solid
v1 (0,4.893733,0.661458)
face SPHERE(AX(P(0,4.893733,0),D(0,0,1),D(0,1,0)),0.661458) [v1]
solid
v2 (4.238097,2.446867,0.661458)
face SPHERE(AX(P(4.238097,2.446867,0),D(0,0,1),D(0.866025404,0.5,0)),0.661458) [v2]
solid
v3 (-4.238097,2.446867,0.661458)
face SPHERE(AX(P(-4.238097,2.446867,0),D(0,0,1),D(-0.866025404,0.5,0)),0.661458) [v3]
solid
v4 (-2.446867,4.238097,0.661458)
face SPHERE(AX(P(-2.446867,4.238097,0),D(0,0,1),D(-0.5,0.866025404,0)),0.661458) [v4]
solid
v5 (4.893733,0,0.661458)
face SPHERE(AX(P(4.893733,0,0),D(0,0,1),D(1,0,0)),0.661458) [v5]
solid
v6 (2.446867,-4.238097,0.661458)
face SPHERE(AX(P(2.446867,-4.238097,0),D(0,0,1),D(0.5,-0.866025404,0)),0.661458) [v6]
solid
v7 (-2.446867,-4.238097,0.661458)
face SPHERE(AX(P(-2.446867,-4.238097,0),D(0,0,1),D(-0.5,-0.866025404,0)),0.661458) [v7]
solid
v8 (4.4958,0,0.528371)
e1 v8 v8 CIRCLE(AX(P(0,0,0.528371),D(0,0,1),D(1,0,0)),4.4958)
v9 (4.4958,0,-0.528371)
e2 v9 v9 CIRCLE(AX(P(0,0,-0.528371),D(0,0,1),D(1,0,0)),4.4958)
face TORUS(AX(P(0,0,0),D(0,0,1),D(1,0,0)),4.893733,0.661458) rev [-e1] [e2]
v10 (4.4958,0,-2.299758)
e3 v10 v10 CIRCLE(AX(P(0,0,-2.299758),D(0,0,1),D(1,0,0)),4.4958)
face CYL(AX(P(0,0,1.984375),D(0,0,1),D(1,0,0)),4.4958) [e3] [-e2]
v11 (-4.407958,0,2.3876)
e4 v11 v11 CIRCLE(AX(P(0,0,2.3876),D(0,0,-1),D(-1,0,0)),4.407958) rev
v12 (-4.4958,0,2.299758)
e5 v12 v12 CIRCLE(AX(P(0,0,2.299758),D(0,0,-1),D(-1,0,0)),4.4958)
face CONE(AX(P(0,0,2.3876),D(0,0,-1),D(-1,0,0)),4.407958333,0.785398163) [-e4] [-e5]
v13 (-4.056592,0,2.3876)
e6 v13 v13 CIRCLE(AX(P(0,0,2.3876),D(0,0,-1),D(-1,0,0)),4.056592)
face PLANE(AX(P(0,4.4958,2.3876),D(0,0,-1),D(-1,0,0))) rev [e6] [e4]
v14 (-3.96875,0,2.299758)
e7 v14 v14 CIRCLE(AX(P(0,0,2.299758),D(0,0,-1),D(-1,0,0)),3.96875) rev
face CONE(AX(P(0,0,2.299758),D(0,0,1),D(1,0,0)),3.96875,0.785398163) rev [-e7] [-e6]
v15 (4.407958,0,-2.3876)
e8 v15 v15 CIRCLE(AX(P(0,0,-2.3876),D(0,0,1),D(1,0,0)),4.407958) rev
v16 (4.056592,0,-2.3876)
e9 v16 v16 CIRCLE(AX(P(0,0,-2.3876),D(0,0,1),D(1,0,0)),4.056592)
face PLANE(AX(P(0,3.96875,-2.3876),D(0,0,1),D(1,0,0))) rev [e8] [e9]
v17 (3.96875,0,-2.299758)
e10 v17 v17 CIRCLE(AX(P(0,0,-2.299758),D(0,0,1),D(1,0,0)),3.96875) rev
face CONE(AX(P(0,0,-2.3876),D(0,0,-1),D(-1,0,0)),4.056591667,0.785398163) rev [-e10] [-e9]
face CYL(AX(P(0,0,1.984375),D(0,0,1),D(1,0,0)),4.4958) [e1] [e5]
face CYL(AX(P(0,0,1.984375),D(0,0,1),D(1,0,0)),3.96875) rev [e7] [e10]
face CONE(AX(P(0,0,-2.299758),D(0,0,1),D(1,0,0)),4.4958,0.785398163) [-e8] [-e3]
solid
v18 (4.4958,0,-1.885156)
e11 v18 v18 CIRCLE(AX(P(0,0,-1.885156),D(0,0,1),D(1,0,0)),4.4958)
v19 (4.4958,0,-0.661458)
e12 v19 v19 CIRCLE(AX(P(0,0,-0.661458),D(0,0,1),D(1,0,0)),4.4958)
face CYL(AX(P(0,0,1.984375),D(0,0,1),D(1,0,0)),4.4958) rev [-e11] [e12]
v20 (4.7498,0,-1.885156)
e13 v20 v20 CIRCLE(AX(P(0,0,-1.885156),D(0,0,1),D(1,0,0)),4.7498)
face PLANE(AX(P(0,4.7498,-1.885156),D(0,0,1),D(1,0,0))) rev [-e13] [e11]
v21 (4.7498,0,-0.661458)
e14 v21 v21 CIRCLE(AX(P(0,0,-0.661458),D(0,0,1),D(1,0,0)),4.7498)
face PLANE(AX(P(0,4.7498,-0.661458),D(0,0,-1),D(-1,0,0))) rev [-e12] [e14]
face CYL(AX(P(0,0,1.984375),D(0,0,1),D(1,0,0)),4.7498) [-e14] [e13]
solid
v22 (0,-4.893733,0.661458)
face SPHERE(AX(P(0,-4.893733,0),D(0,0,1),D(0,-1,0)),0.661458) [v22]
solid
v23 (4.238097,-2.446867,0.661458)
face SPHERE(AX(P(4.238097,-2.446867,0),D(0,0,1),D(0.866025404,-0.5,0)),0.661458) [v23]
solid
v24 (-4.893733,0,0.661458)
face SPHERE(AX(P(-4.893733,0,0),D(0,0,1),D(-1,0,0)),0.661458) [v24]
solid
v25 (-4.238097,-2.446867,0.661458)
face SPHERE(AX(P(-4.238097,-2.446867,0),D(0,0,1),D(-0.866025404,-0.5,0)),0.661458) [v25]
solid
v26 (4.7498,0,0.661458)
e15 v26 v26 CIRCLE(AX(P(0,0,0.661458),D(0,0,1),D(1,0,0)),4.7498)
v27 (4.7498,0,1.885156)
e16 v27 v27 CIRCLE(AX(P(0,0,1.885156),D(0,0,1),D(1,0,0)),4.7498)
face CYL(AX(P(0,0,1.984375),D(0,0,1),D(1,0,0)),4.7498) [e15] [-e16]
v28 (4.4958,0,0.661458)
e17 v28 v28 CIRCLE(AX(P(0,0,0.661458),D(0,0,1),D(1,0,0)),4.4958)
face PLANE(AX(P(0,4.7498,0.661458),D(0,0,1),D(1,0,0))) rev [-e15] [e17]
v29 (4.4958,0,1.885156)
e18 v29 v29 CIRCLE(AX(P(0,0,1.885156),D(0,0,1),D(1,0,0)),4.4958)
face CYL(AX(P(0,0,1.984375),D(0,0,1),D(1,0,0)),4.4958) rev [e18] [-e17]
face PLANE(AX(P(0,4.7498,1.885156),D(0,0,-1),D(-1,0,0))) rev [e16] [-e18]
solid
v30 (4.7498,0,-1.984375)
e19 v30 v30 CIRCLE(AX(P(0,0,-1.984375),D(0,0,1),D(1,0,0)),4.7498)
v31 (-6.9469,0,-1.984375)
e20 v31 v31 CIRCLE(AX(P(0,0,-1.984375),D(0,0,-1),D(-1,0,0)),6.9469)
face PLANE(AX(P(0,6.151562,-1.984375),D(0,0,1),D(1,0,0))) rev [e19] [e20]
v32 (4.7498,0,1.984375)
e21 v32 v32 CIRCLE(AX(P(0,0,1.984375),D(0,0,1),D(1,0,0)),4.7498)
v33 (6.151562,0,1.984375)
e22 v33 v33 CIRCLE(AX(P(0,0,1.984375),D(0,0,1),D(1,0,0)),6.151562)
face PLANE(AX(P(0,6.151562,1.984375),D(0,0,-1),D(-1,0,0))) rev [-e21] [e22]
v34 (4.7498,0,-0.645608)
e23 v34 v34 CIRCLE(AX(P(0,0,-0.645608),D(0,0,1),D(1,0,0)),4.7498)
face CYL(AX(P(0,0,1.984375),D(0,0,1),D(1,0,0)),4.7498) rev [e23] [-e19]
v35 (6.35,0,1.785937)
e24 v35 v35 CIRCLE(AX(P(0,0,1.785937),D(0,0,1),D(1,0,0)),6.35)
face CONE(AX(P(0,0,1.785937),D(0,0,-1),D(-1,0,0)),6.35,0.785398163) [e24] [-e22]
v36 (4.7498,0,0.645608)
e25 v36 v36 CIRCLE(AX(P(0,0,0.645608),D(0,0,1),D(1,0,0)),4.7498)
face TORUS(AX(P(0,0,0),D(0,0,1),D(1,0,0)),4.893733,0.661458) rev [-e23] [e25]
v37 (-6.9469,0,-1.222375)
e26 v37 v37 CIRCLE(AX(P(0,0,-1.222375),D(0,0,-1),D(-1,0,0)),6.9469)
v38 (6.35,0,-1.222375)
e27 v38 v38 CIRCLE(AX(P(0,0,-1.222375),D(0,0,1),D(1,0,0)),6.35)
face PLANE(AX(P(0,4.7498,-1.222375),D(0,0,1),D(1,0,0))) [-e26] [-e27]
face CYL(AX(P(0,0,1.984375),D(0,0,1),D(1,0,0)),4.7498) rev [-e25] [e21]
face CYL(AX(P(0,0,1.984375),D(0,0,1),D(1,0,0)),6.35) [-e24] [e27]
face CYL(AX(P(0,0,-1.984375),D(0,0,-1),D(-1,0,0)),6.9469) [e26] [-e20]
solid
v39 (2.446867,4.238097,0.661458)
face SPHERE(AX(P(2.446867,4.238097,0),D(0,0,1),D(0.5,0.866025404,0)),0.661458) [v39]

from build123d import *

# Parameters (mm, degrees)
CHAMFER1_SIZE     = 0.087841667
CIRPATTERN1_COUNT = 12
SKETCH5_W         = 1.223697917
SKETCH5_H         = 0.254
SKETCH6_W         = 0.762
SKETCH6_H         = 2.1971


with BuildPart() as part:
    # Sketch1 → Revolve1 (revolve)
    with BuildSketch(Plane(origin=(0, 0, 0), x_dir=(0, 0, -1), z_dir=(1, 0, 0))):
        with BuildLine():
            Line((1.7859375, 6.35), (-1.7859375, 6.35))
            Line((-1.7859375, 6.35), (-1.984375, 6.1515625))
            Line((-1.984375, 6.1515625), (-1.984375, 4.7498))
            Line((-1.984375, 4.7498), (-0.64560849, 4.7498))
            ThreePointArc((-0.64560849, 4.7498), (0, 5.555191667), (0.64560849, 4.7498))
            Line((0.64560849, 4.7498), (1.984375, 4.7498))
            Line((1.984375, 4.7498), (1.984375, 6.1515625))
            Line((1.984375, 6.1515625), (1.7859375, 6.35))
        make_face()
        with BuildLine():
            Line((2.3876, 4.4958), (0.528371261, 4.4958))
            ThreePointArc((0.528371261, 4.4958), (0, 4.232275), (-0.528371261, 4.4958))
            Line((-0.528371261, 4.4958), (-2.3876, 4.4958))
            Line((-2.3876, 4.4958), (-2.3876, 3.96875))
            Line((-2.3876, 3.96875), (2.3876, 3.96875))
            Line((2.3876, 3.96875), (2.3876, 4.4958))
        make_face()
    revolve(axis=Axis((0, 0, 1.984375), (0, 0, -1)))

    # Chamfer1
    chamfer1_edges = [part.edges().sort_by_distance(p)[0] for p in [
        (0, -4.4958, -2.3876),
        (0, -3.96875, -2.3876),
        (0, -3.96875, 2.3876),
        (0, -4.4958, 2.3876),
    ]]
    chamfer(chamfer1_edges, length=CHAMFER1_SIZE)

    # Sketch6 → Revolve6 (revolve)
    with BuildSketch(Plane(origin=(0, 0, 0), x_dir=(0, 0, -1), z_dir=(1, 0, 0))):
        with Locations((1.603375, 5.84835)):
            Rectangle(SKETCH6_W, SKETCH6_H)
    revolve(axis=Axis((0, 0, -1.984375), (0, 0, 1)))


with BuildPart() as body_2:
    # Sketch4 → Revolve4 (revolve)
    with BuildSketch(Plane(origin=(0, 0, 0), x_dir=(0, 0, -1), z_dir=(1, 0, 0))):
        with BuildLine():
            Line((-0.661458333, 4.893733333), (0.661458333, 4.893733333))
            ThreePointArc((0.661458333, 4.893733333), (0, 5.555191667), (-0.661458333, 4.893733333))
        make_face()
    revolve(axis=Axis((0, 4.893733333, 0.661458333), (0, 0, -1)))


with BuildPart() as cirpattern1_1:
    # CirPattern1: pattern copy
    add(body_2.part.rotate(Axis((0, 0, 0), (0, 0, 1)), 1 * 360 / CIRPATTERN1_COUNT))


with BuildPart() as cirpattern1_2:
    # CirPattern1: pattern copy
    add(body_2.part.rotate(Axis((0, 0, 0), (0, 0, 1)), 2 * 360 / CIRPATTERN1_COUNT))


with BuildPart() as cirpattern1_3:
    # CirPattern1: pattern copy
    add(body_2.part.rotate(Axis((0, 0, 0), (0, 0, 1)), 3 * 360 / CIRPATTERN1_COUNT))


with BuildPart() as cirpattern1_4:
    # CirPattern1: pattern copy
    add(body_2.part.rotate(Axis((0, 0, 0), (0, 0, 1)), 4 * 360 / CIRPATTERN1_COUNT))


with BuildPart() as cirpattern1_5:
    # CirPattern1: pattern copy
    add(body_2.part.rotate(Axis((0, 0, 0), (0, 0, 1)), 5 * 360 / CIRPATTERN1_COUNT))


with BuildPart() as cirpattern1_6:
    # CirPattern1: pattern copy
    add(body_2.part.rotate(Axis((0, 0, 0), (0, 0, 1)), 6 * 360 / CIRPATTERN1_COUNT))


with BuildPart() as cirpattern1_7:
    # CirPattern1: pattern copy
    add(body_2.part.rotate(Axis((0, 0, 0), (0, 0, 1)), 7 * 360 / CIRPATTERN1_COUNT))


with BuildPart() as cirpattern1_8:
    # CirPattern1: pattern copy
    add(body_2.part.rotate(Axis((0, 0, 0), (0, 0, 1)), 8 * 360 / CIRPATTERN1_COUNT))


with BuildPart() as cirpattern1_9:
    # CirPattern1: pattern copy
    add(body_2.part.rotate(Axis((0, 0, 0), (0, 0, 1)), 9 * 360 / CIRPATTERN1_COUNT))


with BuildPart() as cirpattern1_10:
    # CirPattern1: pattern copy
    add(body_2.part.rotate(Axis((0, 0, 0), (0, 0, 1)), 10 * 360 / CIRPATTERN1_COUNT))


with BuildPart() as cirpattern1_11:
    # CirPattern1: pattern copy
    add(body_2.part.rotate(Axis((0, 0, 0), (0, 0, 1)), 11 * 360 / CIRPATTERN1_COUNT))


with BuildPart() as body_14:
    # Sketch5 → Revolve5 (revolve)
    with BuildSketch(Plane(origin=(0, 0, 0), x_dir=(0, 0, -1), z_dir=(1, 0, 0))):
        with Locations((-1.273307292, 4.6228)):
            Rectangle(SKETCH5_W, SKETCH5_H)
        with Locations((1.273307292, 4.6228)):
            Rectangle(SKETCH5_W, SKETCH5_H)
    revolve(axis=Axis((0, 0, 1.984375), (0, 0, -1)))


solid = Compound([part.part, body_2.part, cirpattern1_1.part, cirpattern1_2.part, cirpattern1_3.part, cirpattern1_4.part, cirpattern1_5.part, cirpattern1_6.part, cirpattern1_7.part, cirpattern1_8.part, cirpattern1_9.part, cirpattern1_10.part, cirpattern1_11.part, body_14.part])
